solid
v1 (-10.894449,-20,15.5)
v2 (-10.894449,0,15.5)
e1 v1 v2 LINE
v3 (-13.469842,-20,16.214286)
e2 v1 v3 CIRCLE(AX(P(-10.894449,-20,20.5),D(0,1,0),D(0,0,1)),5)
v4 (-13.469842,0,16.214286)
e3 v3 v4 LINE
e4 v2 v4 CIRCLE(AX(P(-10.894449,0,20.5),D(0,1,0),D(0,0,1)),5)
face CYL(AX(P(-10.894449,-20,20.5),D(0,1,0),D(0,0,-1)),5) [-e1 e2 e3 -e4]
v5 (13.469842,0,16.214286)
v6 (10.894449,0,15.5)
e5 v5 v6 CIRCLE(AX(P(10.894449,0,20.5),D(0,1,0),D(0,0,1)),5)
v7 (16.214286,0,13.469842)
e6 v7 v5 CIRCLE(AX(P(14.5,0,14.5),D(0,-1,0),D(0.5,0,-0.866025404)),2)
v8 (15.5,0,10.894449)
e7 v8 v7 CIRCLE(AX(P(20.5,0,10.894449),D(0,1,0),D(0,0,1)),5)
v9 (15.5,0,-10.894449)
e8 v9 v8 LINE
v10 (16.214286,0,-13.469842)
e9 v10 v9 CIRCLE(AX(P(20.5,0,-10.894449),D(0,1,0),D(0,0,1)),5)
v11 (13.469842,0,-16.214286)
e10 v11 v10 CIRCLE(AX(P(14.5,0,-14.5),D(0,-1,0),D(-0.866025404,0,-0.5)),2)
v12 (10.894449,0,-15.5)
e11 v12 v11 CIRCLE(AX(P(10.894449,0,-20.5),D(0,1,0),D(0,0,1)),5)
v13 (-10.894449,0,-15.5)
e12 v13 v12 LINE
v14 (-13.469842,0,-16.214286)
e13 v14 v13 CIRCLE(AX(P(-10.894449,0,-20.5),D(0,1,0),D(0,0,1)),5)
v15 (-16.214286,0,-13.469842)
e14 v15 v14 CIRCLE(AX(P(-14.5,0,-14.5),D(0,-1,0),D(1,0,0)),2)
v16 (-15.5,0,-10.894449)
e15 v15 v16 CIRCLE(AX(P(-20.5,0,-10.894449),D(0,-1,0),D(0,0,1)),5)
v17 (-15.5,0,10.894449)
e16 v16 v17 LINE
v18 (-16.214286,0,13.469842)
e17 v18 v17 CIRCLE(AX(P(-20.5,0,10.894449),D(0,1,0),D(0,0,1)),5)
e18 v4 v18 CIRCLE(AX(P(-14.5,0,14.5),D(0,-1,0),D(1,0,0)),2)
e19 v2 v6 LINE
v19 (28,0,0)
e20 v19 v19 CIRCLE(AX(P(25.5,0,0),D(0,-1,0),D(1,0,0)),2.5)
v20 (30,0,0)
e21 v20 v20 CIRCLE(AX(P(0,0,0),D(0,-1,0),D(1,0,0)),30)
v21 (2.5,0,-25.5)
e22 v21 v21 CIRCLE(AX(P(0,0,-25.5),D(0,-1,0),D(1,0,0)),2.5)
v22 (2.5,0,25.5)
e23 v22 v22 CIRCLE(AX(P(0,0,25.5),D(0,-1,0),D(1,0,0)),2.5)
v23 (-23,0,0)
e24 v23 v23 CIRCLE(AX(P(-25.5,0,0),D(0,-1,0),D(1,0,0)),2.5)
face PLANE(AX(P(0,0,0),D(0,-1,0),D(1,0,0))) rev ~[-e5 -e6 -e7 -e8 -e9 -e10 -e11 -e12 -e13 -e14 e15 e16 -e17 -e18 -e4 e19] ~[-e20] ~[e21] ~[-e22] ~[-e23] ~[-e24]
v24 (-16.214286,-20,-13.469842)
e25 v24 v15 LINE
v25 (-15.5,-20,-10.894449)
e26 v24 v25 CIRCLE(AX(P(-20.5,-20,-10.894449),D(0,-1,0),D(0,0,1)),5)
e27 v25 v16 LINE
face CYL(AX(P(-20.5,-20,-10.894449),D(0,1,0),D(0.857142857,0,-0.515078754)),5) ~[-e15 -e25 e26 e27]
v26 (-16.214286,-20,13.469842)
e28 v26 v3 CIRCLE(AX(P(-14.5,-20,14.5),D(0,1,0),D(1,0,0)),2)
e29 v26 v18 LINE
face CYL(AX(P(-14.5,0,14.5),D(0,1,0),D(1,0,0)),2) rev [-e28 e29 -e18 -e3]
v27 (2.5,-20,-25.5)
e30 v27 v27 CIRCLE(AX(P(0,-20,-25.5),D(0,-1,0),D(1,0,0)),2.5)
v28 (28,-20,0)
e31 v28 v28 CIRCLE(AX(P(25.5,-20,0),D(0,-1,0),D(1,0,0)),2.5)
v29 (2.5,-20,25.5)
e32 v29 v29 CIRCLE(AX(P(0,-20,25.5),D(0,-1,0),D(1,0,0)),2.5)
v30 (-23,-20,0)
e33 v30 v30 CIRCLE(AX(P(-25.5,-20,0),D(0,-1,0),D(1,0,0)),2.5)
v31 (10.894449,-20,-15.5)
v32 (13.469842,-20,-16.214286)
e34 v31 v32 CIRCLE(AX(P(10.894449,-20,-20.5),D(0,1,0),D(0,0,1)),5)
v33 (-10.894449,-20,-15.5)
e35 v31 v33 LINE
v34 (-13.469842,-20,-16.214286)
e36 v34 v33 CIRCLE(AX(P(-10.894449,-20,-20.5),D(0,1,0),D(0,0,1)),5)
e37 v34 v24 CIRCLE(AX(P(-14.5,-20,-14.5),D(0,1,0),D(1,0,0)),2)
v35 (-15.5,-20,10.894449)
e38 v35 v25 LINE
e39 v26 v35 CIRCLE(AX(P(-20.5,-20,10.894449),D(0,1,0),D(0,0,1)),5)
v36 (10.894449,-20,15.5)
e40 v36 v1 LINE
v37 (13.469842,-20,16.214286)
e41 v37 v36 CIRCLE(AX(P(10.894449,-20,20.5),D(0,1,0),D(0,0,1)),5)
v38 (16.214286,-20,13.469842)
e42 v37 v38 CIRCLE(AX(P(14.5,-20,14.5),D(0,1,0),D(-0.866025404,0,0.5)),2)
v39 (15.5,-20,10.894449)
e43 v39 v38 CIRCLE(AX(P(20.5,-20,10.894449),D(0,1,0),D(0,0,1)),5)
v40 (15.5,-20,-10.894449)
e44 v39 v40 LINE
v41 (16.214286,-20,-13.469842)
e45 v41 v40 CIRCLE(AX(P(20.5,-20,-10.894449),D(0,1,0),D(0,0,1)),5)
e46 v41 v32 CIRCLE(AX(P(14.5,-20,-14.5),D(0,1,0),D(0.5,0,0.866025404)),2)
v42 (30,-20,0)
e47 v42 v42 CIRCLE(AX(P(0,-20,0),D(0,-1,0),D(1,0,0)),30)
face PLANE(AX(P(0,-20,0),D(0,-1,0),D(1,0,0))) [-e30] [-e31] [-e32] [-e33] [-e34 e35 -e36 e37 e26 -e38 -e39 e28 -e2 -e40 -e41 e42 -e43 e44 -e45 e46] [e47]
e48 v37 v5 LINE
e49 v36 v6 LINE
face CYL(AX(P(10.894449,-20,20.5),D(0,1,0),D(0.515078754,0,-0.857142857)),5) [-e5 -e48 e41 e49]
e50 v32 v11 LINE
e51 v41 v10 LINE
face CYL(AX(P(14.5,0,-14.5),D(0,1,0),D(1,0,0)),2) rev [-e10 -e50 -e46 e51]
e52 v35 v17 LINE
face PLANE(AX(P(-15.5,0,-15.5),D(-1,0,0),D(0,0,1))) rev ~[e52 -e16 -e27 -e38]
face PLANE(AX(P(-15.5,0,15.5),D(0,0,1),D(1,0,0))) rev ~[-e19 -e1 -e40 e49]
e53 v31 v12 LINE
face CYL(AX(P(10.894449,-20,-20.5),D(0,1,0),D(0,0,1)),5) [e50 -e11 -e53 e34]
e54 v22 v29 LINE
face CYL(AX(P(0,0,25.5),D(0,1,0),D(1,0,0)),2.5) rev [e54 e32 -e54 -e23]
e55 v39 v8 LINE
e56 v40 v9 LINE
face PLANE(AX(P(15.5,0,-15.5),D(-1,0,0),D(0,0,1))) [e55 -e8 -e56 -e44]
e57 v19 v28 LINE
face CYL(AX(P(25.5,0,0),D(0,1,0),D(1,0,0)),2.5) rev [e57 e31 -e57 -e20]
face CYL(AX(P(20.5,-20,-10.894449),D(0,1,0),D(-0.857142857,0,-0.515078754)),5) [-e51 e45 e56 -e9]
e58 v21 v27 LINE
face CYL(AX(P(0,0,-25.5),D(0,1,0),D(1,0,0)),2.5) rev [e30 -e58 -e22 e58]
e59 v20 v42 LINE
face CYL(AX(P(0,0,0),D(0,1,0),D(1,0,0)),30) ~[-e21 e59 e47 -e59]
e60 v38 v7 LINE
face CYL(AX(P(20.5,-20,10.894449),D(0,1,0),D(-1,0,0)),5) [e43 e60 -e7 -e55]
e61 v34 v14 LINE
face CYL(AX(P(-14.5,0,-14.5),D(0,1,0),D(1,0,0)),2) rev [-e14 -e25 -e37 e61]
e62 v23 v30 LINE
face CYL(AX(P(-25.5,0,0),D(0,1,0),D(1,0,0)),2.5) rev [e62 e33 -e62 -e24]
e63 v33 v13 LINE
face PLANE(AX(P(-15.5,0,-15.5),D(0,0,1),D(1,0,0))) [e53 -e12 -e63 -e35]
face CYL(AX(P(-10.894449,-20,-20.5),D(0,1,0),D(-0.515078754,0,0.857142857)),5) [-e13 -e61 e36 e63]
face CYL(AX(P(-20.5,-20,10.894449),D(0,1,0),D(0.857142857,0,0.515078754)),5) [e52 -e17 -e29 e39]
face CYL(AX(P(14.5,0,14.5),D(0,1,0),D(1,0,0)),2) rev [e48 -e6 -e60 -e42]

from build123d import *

# Parameters (mm, degrees)
F0_R     = 30
F0_R_2   = 2.5
F1_DEPTH = 20
F2_W     = 31
F2_H     = 31
F3_DEPTH = 20.001
F4_R     = 2
F5_DEPTH = 20.001
F6_R     = 5


with BuildPart() as f1:
    # F0 (on Front) → F1 (new body)
    with BuildSketch(Plane.XZ):
        Circle(F0_R)
        with Locations((0, -25.5)):
            Circle(F0_R_2, mode=Mode.SUBTRACT)
        with Locations((-25.5, 0)):
            Circle(F0_R_2, mode=Mode.SUBTRACT)
        with Locations((25.5, 0)):
            Circle(F0_R_2, mode=Mode.SUBTRACT)
        with Locations((0, 25.5)):
            Circle(F0_R_2, mode=Mode.SUBTRACT)
    extrude(amount=F1_DEPTH)

    # F2 (on Front) → F3 (cut, through all)
    with BuildSketch(Plane.XZ):
        Rectangle(F2_W, F2_H)
    extrude(amount=F3_DEPTH, mode=Mode.SUBTRACT)

    # F4 (on Front) → F5 (cut, through all)
    with BuildSketch(Plane.XZ):
        with Locations((-14.5, 14.5)):
            Circle(F4_R)
        with Locations((14.5, 14.5)):
            Circle(F4_R)
        with Locations((14.5, -14.5)):
            Circle(F4_R)
        with Locations((-14.5, -14.5)):
            Circle(F4_R)
    extrude(amount=F5_DEPTH, mode=Mode.SUBTRACT)

    # F6
    f6_edges = [f1.edges().sort_by_distance(p)[0] for p in [
        (-12.767949, -10, 15.5),
        (-15.5, -10, 12.767949),
        (-15.5, -10, -12.767949),
        (-12.767949, -10, -15.5),
        (12.767949, -10, -15.5),
        (15.5, -10, -12.767949),
        (15.5, -10, 12.767949),
        (12.767949, -10, 15.5),
    ]]
    fillet(f6_edges, radius=F6_R)


solid = f1.part
